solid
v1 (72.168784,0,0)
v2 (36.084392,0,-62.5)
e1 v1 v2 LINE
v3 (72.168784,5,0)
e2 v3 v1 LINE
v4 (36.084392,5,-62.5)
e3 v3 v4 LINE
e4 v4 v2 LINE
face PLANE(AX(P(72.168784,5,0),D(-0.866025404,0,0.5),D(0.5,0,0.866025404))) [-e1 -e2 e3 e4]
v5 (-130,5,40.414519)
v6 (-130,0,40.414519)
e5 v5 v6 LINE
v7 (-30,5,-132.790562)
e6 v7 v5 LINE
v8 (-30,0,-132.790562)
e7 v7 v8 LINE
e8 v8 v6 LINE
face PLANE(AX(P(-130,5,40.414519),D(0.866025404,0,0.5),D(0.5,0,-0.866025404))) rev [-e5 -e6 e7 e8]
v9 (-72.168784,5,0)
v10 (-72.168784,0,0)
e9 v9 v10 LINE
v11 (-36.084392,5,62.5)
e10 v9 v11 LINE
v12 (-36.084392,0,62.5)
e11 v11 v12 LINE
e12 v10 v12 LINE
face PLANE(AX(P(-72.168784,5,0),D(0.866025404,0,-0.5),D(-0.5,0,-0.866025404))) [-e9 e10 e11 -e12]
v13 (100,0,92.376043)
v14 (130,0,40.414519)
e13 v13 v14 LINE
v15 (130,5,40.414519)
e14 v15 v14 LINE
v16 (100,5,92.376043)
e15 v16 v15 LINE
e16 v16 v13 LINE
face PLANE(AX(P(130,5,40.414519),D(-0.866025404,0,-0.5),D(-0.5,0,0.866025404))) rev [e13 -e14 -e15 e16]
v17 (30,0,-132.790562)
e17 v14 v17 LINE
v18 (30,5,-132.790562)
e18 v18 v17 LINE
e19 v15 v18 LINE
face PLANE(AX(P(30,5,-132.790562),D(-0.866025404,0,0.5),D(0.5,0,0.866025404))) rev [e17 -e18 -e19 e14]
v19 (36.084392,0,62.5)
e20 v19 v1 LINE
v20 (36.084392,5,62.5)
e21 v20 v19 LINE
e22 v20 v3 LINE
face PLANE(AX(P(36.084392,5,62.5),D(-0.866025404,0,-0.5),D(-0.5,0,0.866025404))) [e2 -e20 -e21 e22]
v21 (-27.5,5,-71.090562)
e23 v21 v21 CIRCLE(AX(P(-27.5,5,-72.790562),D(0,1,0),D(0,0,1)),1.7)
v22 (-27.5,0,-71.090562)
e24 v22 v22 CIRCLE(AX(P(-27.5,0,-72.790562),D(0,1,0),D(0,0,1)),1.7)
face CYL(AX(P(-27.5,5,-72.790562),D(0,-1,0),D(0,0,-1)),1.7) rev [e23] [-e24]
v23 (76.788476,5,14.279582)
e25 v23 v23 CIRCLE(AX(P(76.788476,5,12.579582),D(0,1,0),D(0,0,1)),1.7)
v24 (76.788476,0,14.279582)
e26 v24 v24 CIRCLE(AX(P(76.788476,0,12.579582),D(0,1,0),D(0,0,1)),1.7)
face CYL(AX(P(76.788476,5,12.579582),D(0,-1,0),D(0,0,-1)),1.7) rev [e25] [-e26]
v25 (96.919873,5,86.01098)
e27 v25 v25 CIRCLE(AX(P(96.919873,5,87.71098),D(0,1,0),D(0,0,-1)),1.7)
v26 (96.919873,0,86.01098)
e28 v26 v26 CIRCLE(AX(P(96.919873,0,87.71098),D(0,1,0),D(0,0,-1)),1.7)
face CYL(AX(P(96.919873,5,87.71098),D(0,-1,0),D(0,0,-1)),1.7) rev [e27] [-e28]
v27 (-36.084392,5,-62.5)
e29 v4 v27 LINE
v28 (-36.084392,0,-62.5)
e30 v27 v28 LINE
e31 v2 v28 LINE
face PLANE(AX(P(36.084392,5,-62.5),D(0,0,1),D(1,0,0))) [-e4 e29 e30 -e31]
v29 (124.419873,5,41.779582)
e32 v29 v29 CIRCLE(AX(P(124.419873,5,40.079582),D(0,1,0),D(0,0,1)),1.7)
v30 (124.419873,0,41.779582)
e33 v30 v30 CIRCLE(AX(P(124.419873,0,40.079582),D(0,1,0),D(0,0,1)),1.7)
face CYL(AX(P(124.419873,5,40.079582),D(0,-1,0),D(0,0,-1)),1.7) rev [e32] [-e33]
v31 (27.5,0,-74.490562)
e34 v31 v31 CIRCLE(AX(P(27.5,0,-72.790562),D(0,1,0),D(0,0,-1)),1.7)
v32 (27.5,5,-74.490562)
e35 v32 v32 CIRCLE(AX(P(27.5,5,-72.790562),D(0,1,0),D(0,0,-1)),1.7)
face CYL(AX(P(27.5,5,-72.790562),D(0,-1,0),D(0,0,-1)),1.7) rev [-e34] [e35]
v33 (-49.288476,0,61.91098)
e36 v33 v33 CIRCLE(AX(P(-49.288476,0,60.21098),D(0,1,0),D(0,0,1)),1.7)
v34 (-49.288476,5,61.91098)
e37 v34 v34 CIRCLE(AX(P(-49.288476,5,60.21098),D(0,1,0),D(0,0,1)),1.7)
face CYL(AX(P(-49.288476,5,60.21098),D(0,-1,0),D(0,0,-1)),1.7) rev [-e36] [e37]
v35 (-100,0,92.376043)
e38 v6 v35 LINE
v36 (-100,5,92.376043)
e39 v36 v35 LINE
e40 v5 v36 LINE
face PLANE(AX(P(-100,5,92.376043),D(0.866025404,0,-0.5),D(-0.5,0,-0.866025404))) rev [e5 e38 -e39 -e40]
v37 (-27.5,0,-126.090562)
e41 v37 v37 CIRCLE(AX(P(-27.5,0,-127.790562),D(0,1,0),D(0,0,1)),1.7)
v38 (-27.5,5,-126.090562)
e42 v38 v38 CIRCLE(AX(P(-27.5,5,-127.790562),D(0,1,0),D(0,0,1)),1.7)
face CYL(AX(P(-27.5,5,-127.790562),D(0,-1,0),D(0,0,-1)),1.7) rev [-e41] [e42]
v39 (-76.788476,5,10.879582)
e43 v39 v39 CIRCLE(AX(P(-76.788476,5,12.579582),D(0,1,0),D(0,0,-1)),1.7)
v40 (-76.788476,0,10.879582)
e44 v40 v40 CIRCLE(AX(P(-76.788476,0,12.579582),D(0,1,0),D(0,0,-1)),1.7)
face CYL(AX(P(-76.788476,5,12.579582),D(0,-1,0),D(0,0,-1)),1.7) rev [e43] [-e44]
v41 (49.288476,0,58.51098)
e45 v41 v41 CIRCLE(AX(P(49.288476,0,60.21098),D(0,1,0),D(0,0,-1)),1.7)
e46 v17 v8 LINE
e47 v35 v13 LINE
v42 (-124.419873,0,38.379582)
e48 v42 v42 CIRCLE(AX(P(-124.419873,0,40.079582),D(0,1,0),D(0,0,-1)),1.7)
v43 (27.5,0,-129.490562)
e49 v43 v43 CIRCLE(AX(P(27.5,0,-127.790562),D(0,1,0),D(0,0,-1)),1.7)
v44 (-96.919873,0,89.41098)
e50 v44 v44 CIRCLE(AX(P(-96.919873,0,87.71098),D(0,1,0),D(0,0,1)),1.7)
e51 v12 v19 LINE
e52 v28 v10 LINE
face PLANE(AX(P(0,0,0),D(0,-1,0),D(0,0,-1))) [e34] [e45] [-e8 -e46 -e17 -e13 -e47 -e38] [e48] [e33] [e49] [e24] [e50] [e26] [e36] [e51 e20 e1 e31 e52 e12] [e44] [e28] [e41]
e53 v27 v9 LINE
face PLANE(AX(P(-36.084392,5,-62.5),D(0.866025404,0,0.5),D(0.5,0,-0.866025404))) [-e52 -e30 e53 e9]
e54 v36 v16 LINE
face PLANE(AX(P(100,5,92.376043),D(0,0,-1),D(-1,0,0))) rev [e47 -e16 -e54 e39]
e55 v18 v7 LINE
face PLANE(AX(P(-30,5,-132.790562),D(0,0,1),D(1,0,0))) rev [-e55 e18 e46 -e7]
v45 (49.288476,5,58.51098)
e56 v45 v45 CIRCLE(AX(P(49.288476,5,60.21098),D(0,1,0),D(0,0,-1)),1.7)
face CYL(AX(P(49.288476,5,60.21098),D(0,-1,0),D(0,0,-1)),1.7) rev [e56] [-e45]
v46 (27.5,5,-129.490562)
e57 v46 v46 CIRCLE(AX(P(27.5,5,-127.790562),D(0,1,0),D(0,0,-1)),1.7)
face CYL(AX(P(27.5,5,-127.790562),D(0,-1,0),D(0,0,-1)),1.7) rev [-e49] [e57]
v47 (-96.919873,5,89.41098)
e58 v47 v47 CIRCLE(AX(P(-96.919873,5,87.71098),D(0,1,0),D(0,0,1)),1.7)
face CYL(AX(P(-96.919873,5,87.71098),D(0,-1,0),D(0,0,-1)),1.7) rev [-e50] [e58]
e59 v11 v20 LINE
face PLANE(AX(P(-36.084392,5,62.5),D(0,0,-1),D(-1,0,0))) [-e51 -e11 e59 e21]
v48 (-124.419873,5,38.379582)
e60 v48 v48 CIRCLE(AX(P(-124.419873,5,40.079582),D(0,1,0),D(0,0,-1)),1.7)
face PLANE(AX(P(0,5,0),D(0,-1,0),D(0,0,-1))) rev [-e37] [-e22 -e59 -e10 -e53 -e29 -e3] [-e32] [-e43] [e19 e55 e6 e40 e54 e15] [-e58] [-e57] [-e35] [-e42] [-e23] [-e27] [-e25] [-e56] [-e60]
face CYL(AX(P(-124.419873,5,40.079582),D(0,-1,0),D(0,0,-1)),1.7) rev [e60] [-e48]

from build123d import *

# Parameters (mm, degrees)
SKETCH1_R           = 1.7
BOSS_EXTRUDE1_DEPTH = 5


with BuildPart() as part:
    # Sketch1 → Boss-Extrude1 (new body)
    with BuildSketch(Plane(origin=(0, 0, 0), x_dir=(1, 0, 0), z_dir=(0, 1, 0))):
        Polygon((-30, 132.790561914), (30, 132.790561914), (130, -40.414518843), (100, -92.37604307), (-100, -92.37604307), (-130, -40.414518843), align=None)
        with Locations(Location((-27.5, 127.790561914, 0), (0, 0, 270))):
            Circle(SKETCH1_R, mode=Mode.SUBTRACT)
        with Locations(Location((-27.5, 72.790561914, 0), (0, 0, 270))):
            Circle(SKETCH1_R, mode=Mode.SUBTRACT)
        with Locations(Location((27.5, 127.790561914, 0), (0, 0, 90))):
            Circle(SKETCH1_R, mode=Mode.SUBTRACT)
        with Locations(Location((27.5, 72.790561914, 0), (0, 0, 90))):
            Circle(SKETCH1_R, mode=Mode.SUBTRACT)
        with Locations(Location((76.788475773, -12.579582353, 0), (0, 0, 270))):
            Circle(SKETCH1_R, mode=Mode.SUBTRACT)
        with Locations(Location((49.288475773, -60.210979561, 0), (0, 0, 90))):
            Circle(SKETCH1_R, mode=Mode.SUBTRACT)
        with Locations(Location((96.919872981, -87.710979561, 0), (0, 0, 90))):
            Circle(SKETCH1_R, mode=Mode.SUBTRACT)
        with Locations(Location((124.419872981, -40.079582353, 0), (0, 0, 270))):
            Circle(SKETCH1_R, mode=Mode.SUBTRACT)
        with Locations(Location((-49.288475773, -60.210979561, 0), (0, 0, 270))):
            Circle(SKETCH1_R, mode=Mode.SUBTRACT)
        with Locations(Location((-76.788475773, -12.579582353, 0), (0, 0, 90))):
            Circle(SKETCH1_R, mode=Mode.SUBTRACT)
        with Locations(Location((-124.419872981, -40.079582353, 0), (0, 0, 90))):
            Circle(SKETCH1_R, mode=Mode.SUBTRACT)
        with Locations(Location((-96.919872981, -87.710979561, 0), (0, 0, 270))):
            Circle(SKETCH1_R, mode=Mode.SUBTRACT)
        Polygon((-72.168783649, 0), (-36.084391824, -62.5), (36.084391824, -62.5), (72.168783649, 0), (36.084391824, 62.5), (-36.084391824, 62.5), align=None, mode=Mode.SUBTRACT)
    extrude(amount=BOSS_EXTRUDE1_DEPTH)


solid = part.part
